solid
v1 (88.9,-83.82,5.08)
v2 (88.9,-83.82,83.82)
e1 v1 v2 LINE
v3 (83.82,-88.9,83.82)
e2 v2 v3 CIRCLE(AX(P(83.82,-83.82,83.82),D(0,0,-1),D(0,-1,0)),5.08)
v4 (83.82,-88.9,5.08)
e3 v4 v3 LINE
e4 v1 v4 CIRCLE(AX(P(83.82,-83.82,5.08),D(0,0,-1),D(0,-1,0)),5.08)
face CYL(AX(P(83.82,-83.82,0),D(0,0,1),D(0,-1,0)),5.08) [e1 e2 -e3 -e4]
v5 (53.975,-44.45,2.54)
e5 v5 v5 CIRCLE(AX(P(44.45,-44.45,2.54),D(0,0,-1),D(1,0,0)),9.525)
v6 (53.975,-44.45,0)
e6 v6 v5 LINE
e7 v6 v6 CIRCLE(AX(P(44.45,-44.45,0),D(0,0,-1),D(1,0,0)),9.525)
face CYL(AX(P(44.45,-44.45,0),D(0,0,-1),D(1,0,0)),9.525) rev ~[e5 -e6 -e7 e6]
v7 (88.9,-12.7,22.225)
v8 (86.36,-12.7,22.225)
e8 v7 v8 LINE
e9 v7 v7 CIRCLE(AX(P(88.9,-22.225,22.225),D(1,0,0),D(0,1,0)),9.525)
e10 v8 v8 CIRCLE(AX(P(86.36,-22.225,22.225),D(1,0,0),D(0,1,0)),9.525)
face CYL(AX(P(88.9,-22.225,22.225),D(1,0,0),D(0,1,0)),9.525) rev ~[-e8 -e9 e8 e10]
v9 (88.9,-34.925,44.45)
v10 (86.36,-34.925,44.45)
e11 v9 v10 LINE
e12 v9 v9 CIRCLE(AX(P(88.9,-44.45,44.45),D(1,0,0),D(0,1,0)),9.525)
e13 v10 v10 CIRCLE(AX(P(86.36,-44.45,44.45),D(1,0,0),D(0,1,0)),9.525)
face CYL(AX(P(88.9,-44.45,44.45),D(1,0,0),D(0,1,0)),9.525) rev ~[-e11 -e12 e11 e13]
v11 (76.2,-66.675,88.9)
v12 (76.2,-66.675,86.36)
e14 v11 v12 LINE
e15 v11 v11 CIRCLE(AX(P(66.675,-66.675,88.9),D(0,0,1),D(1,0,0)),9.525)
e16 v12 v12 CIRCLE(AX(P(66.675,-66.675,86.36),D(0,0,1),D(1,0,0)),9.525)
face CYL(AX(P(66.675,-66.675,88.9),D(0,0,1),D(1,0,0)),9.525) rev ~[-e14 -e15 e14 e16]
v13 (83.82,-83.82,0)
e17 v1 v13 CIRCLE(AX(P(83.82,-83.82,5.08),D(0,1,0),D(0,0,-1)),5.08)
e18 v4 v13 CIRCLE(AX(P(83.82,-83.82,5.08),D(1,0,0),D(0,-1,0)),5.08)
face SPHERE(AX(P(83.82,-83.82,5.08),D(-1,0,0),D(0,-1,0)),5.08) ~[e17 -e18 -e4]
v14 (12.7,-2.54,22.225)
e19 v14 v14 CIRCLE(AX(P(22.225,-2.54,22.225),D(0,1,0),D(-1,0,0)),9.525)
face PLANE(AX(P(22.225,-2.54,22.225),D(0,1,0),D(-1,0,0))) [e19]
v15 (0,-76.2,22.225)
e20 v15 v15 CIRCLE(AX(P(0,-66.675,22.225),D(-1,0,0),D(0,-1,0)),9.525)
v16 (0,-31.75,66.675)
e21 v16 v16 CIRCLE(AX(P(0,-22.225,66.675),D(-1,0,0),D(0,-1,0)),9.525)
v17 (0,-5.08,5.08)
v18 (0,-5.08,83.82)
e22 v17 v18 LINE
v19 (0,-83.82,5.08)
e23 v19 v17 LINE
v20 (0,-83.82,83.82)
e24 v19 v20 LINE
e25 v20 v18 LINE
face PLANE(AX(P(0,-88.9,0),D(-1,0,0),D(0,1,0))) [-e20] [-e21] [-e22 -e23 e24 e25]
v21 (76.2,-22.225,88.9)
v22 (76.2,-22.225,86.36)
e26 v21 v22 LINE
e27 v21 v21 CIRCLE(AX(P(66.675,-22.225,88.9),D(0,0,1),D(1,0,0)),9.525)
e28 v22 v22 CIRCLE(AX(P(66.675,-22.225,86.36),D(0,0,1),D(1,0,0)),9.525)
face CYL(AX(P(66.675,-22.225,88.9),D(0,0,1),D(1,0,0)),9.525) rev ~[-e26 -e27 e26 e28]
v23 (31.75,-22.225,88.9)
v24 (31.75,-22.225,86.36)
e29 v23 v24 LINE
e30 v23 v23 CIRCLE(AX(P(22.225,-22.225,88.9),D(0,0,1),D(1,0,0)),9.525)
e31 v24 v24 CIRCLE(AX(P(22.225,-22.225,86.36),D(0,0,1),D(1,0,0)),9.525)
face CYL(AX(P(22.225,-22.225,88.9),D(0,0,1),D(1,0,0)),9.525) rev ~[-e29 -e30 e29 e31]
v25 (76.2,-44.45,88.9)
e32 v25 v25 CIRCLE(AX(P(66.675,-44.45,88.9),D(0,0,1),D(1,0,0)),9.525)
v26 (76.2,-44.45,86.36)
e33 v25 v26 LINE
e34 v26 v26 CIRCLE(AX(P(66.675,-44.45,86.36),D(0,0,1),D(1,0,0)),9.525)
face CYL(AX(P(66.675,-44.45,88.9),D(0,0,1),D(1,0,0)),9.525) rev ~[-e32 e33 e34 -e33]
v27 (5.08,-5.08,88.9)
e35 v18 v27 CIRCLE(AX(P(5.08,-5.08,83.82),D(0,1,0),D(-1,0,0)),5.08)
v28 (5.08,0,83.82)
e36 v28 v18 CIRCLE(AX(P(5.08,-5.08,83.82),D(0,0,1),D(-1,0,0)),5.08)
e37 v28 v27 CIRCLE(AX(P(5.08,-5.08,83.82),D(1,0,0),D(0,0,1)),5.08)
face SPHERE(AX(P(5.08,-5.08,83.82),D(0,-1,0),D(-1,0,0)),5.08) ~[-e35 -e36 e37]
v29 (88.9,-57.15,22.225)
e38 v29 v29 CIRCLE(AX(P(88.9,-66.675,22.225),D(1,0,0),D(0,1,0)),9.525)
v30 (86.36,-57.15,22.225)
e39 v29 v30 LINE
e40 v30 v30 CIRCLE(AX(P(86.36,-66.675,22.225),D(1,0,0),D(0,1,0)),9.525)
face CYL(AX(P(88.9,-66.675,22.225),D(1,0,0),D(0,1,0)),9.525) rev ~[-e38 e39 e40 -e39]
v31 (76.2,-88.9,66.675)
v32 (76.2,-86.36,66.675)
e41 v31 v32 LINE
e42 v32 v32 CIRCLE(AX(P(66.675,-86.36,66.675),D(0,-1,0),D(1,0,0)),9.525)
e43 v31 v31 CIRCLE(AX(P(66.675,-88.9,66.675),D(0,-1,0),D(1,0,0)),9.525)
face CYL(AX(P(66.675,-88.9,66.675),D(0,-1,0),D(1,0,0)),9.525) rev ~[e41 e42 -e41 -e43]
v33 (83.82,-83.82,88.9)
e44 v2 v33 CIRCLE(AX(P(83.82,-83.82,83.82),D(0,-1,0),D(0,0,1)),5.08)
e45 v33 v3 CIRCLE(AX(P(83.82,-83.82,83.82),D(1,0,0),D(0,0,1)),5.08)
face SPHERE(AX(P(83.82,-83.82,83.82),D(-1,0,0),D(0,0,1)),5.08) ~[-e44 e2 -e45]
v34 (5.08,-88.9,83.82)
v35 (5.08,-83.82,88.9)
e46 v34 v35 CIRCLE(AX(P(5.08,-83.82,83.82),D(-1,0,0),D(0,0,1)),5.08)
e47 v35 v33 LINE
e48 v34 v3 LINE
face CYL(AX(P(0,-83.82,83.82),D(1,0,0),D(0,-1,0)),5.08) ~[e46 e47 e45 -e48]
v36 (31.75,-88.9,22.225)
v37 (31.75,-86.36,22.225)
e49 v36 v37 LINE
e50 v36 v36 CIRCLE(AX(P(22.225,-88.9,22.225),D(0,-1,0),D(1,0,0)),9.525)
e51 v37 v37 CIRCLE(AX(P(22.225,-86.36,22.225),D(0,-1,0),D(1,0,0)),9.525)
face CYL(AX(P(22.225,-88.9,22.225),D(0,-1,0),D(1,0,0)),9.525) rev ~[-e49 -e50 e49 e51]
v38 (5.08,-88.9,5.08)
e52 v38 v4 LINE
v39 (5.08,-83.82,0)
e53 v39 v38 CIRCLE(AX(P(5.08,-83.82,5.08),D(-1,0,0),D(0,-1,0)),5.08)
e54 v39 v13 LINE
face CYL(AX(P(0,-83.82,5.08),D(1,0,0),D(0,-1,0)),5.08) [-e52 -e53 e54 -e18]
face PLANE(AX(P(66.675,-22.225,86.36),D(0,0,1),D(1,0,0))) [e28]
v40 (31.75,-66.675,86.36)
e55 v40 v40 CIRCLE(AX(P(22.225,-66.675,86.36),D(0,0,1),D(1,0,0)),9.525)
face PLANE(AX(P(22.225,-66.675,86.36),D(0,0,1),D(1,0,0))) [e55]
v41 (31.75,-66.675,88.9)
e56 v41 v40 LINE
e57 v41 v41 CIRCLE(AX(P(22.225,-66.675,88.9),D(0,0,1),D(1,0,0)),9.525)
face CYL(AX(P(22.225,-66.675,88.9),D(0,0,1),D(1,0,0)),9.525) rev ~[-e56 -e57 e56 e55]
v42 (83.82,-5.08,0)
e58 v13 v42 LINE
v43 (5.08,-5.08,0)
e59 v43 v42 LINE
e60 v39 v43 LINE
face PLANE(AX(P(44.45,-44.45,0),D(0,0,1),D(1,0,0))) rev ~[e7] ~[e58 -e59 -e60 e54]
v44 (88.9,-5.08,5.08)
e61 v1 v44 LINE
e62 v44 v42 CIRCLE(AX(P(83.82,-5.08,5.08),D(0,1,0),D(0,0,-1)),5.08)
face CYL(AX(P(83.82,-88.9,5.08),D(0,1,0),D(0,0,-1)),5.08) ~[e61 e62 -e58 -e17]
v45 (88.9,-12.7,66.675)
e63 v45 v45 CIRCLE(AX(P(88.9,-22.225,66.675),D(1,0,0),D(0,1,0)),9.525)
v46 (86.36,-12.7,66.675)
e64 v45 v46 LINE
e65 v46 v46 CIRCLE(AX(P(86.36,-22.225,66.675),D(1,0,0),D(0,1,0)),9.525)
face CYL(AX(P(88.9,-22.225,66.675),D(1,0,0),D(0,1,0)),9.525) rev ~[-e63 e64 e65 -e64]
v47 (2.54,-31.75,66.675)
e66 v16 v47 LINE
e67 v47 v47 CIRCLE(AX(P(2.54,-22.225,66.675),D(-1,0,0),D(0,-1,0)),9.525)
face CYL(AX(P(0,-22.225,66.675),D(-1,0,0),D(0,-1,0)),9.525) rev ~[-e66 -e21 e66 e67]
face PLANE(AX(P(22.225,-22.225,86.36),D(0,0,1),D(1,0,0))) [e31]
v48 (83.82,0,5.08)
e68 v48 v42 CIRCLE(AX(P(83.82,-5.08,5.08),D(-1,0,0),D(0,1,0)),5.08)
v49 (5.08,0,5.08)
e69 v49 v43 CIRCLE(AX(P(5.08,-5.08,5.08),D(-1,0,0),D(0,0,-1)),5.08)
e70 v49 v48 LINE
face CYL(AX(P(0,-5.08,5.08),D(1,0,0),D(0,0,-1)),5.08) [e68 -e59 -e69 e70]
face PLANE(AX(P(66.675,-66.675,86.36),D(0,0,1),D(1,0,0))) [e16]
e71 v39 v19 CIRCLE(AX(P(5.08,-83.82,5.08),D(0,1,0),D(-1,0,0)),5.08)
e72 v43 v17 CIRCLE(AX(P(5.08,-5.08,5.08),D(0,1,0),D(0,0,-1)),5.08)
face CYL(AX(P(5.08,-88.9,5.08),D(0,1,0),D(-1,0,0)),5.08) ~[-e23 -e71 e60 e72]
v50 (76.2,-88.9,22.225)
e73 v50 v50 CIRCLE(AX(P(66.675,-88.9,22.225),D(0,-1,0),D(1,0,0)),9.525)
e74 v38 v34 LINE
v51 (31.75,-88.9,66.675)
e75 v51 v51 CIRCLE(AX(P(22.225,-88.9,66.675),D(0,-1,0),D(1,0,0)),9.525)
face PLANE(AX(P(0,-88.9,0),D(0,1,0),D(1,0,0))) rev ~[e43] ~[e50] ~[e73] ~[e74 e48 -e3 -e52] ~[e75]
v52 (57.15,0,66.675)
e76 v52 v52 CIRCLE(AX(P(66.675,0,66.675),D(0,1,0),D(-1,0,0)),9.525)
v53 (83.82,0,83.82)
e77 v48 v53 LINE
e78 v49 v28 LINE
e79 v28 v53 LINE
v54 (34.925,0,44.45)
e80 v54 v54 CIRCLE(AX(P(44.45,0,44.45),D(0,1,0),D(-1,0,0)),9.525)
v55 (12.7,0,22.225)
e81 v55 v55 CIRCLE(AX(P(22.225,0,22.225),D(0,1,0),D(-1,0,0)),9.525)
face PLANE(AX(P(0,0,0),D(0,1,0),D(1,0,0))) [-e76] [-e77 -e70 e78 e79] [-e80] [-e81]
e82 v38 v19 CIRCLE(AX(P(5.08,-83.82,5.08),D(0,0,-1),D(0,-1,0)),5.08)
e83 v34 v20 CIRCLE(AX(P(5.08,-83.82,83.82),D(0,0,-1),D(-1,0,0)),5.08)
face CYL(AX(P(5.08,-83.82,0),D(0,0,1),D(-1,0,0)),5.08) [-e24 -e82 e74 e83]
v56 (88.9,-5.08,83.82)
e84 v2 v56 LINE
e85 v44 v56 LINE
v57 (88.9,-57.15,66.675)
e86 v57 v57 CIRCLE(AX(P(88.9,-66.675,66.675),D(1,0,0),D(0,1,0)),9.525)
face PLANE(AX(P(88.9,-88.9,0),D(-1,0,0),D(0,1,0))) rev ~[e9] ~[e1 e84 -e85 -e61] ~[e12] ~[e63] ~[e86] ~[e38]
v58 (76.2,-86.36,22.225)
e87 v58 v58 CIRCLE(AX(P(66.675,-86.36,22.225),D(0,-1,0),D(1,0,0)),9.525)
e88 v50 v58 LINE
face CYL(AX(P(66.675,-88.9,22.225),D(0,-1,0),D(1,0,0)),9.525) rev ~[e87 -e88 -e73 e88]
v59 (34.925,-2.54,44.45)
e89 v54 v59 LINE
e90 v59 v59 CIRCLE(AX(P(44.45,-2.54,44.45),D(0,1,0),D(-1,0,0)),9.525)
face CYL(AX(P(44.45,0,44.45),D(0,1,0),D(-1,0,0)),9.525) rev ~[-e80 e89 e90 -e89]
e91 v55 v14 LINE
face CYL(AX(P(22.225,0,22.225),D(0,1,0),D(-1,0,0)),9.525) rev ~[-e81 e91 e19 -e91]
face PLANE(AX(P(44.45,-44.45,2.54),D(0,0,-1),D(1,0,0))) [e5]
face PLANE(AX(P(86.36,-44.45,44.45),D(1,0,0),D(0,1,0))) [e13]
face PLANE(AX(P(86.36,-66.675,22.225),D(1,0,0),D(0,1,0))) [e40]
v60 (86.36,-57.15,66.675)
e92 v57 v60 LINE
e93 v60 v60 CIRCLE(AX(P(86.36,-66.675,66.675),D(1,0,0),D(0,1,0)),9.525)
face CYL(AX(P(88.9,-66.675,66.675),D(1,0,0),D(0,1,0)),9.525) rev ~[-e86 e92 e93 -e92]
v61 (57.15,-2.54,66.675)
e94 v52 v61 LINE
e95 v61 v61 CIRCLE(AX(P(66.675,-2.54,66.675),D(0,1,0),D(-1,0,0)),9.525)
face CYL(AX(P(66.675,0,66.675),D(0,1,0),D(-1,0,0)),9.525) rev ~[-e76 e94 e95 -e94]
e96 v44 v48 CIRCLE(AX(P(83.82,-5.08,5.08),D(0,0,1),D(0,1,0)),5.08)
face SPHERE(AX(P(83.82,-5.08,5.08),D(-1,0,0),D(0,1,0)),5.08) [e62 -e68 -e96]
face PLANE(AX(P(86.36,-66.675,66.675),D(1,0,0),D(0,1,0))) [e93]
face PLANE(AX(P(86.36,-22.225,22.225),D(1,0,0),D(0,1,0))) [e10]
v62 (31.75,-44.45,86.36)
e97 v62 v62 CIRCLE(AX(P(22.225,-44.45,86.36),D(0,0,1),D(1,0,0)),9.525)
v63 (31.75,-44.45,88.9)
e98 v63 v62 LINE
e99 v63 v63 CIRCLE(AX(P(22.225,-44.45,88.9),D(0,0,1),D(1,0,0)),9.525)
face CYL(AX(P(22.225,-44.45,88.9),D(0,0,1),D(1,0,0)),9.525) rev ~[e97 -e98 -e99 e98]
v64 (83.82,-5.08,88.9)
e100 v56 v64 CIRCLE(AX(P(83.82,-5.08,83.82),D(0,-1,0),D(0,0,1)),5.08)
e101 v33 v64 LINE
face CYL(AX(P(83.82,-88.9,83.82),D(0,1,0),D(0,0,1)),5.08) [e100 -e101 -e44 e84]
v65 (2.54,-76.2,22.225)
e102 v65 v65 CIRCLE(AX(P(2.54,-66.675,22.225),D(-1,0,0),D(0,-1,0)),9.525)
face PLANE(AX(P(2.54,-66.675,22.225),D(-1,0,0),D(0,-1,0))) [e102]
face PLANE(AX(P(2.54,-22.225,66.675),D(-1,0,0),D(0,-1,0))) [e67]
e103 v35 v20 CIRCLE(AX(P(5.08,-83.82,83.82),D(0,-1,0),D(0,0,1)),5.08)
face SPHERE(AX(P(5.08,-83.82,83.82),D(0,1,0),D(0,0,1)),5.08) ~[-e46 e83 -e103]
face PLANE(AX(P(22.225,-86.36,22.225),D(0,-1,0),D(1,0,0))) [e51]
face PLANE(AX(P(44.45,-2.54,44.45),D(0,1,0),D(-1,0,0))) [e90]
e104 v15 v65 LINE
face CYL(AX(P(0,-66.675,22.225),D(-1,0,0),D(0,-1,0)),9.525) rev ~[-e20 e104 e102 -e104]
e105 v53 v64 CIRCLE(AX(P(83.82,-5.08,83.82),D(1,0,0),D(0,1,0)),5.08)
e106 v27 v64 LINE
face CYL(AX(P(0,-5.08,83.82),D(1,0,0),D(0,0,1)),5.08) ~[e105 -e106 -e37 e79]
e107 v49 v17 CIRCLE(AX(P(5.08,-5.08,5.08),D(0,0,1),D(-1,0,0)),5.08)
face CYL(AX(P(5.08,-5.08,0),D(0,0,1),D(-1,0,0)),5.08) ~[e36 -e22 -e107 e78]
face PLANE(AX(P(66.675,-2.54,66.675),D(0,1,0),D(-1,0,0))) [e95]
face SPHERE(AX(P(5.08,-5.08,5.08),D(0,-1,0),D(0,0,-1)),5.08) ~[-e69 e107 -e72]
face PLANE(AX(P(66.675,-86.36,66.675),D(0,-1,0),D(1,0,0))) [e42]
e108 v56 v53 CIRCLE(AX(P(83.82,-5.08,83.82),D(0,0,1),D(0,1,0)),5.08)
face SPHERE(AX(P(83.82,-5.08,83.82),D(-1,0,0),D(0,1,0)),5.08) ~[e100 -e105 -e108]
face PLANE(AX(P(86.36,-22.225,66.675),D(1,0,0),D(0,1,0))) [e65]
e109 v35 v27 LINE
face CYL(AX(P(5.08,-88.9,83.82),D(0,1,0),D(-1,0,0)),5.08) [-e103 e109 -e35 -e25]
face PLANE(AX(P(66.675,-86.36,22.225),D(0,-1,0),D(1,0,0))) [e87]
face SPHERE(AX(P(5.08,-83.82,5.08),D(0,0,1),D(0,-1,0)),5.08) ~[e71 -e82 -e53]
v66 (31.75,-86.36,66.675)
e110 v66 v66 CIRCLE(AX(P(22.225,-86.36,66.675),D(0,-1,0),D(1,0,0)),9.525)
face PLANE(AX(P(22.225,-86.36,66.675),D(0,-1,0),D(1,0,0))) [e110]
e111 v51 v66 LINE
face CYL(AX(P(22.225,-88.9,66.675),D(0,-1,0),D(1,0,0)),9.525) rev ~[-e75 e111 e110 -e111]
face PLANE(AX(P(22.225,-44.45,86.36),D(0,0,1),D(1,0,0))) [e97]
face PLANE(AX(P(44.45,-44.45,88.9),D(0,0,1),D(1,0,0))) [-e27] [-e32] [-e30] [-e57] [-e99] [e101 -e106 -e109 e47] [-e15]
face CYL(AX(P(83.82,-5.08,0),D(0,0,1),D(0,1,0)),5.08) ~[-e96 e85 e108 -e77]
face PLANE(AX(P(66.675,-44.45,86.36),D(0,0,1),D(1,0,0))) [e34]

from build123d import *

# Parameters (mm, degrees)
F0_W       = 88.9
F0_H       = 88.9
F1_DEPTH   = 88.9
F2_R       = 9.525
F3_DEPTH   = 2.54
F4_R       = 9.525
F5_DEPTH   = 2.54
F6_R       = 9.525
F7_DEPTH   = 2.54
F8_R       = 9.525
F1_FACE1_W = 88.9
F1_FACE1_H = 88.9
F1_FACE1_R = 9.525
F9_DEPTH   = 2.54
F10_R      = 9.525
F11_DEPTH  = 2.54
F12_R      = 9.525
F13_DEPTH  = 2.54
F14_R      = 5.08


with BuildPart() as f1:
    # F0 (on Top) → F1 (new body)
    with BuildSketch(Plane.XY):
        with Locations((44.45, -44.45)):
            Rectangle(F0_W, F0_H)
    extrude(amount=F1_DEPTH)

    # F2 (on face) → F3 (cut)
    with BuildSketch(Plane.XY.offset(88.9)):
        with Locations((22.225, -22.225)):
            Circle(F2_R)
        with Locations((66.675, -22.225)):
            Circle(F2_R)
        with Locations((66.675, -44.45)):
            Circle(F2_R)
        with Locations((22.225, -44.45)):
            Circle(F2_R)
        with Locations((22.225, -66.675)):
            Circle(F2_R)
        with Locations((66.675, -66.675)):
            Circle(F2_R)
    extrude(amount=-F3_DEPTH, mode=Mode.SUBTRACT)

    # F4 (on face) → F5 (cut)
    with BuildSketch(Plane.XZ.offset(88.9)):
        with Locations((22.225, 66.675)):
            Circle(F4_R)
        with Locations((66.675, 66.675)):
            Circle(F4_R)
        with Locations((66.675, 22.225)):
            Circle(F4_R)
        with Locations((22.225, 22.225)):
            Circle(F4_R)
    extrude(amount=-F5_DEPTH, mode=Mode.SUBTRACT)

    # F6 (on face) → F7 (cut)
    with BuildSketch(Plane(origin=(0, 0, 0), x_dir=(1, 0, 0), z_dir=(0, 0, -1))):
        with Locations((44.45, 44.45)):
            Circle(F6_R)
    extrude(amount=-F7_DEPTH, mode=Mode.SUBTRACT)

    # F8 (on face) + F1_face1 (on face) → F9 (cut)
    with BuildSketch(Plane(origin=(0, 0, 0), x_dir=(-1, 0, 0), z_dir=(0, 1, 0))):
        with Locations((-66.675, 66.675)):
            Circle(F8_R)
        with Locations((-44.45, 44.45)):
            Circle(F8_R)
        with Locations((-22.225, 22.225)):
            Circle(F8_R)
    with BuildSketch(Plane(origin=(44.45, -88.9, 44.45), x_dir=(1, 0, 0), z_dir=(0, -1, 0))):
        Rectangle(F1_FACE1_W, F1_FACE1_H)
        with Locations((-22.225, 22.225)):
            Circle(F1_FACE1_R, mode=Mode.SUBTRACT)
        with Locations((22.225, 22.225)):
            Circle(F1_FACE1_R, mode=Mode.SUBTRACT)
        with Locations((-22.225, -22.225)):
            Circle(F1_FACE1_R, mode=Mode.SUBTRACT)
        with Locations((22.225, -22.225)):
            Circle(F1_FACE1_R, mode=Mode.SUBTRACT)
    extrude(amount=-F9_DEPTH, dir=(0, 1, 0), mode=Mode.SUBTRACT)

    # F10 (on face) → F11 (cut)
    with BuildSketch(Plane.YZ.offset(88.9)):
        with Locations((-66.675, 66.675)):
            Circle(F10_R)
        with Locations((-22.225, 66.675)):
            Circle(F10_R)
        with Locations((-44.45, 44.45)):
            Circle(F10_R)
        with Locations((-66.675, 22.225)):
            Circle(F10_R)
        with Locations((-22.225, 22.225)):
            Circle(F10_R)
    extrude(amount=-F11_DEPTH, mode=Mode.SUBTRACT)

    # F12 (on face) → F13 (cut)
    with BuildSketch(Plane(origin=(0, 0, 0), x_dir=(0, -1, 0), z_dir=(-1, 0, 0))):
        with Locations((22.225, 66.675)):
            Circle(F12_R)
        with Locations((66.675, 22.225)):
            Circle(F12_R)
    extrude(amount=-F13_DEPTH, mode=Mode.SUBTRACT)

    # F14
    f14_edges = [f1.edges().sort_by_distance(p)[0] for p in [
        (0, -44.45, 88.9),
        (44.45, -88.9, 88.9),
        (0, -88.9, 44.45),
        (44.45, -88.9, 0),
        (0, -44.45, 0),
        (44.45, 0, 0),
        (0, 0, 44.45),
        (44.45, 0, 88.9),
        (88.9, 0, 44.45),
        (88.9, -44.45, 88.9),
        (88.9, -88.9, 44.45),
        (88.9, -44.45, 0),
    ]]
    fillet(f14_edges, radius=F14_R)


solid = f1.part
